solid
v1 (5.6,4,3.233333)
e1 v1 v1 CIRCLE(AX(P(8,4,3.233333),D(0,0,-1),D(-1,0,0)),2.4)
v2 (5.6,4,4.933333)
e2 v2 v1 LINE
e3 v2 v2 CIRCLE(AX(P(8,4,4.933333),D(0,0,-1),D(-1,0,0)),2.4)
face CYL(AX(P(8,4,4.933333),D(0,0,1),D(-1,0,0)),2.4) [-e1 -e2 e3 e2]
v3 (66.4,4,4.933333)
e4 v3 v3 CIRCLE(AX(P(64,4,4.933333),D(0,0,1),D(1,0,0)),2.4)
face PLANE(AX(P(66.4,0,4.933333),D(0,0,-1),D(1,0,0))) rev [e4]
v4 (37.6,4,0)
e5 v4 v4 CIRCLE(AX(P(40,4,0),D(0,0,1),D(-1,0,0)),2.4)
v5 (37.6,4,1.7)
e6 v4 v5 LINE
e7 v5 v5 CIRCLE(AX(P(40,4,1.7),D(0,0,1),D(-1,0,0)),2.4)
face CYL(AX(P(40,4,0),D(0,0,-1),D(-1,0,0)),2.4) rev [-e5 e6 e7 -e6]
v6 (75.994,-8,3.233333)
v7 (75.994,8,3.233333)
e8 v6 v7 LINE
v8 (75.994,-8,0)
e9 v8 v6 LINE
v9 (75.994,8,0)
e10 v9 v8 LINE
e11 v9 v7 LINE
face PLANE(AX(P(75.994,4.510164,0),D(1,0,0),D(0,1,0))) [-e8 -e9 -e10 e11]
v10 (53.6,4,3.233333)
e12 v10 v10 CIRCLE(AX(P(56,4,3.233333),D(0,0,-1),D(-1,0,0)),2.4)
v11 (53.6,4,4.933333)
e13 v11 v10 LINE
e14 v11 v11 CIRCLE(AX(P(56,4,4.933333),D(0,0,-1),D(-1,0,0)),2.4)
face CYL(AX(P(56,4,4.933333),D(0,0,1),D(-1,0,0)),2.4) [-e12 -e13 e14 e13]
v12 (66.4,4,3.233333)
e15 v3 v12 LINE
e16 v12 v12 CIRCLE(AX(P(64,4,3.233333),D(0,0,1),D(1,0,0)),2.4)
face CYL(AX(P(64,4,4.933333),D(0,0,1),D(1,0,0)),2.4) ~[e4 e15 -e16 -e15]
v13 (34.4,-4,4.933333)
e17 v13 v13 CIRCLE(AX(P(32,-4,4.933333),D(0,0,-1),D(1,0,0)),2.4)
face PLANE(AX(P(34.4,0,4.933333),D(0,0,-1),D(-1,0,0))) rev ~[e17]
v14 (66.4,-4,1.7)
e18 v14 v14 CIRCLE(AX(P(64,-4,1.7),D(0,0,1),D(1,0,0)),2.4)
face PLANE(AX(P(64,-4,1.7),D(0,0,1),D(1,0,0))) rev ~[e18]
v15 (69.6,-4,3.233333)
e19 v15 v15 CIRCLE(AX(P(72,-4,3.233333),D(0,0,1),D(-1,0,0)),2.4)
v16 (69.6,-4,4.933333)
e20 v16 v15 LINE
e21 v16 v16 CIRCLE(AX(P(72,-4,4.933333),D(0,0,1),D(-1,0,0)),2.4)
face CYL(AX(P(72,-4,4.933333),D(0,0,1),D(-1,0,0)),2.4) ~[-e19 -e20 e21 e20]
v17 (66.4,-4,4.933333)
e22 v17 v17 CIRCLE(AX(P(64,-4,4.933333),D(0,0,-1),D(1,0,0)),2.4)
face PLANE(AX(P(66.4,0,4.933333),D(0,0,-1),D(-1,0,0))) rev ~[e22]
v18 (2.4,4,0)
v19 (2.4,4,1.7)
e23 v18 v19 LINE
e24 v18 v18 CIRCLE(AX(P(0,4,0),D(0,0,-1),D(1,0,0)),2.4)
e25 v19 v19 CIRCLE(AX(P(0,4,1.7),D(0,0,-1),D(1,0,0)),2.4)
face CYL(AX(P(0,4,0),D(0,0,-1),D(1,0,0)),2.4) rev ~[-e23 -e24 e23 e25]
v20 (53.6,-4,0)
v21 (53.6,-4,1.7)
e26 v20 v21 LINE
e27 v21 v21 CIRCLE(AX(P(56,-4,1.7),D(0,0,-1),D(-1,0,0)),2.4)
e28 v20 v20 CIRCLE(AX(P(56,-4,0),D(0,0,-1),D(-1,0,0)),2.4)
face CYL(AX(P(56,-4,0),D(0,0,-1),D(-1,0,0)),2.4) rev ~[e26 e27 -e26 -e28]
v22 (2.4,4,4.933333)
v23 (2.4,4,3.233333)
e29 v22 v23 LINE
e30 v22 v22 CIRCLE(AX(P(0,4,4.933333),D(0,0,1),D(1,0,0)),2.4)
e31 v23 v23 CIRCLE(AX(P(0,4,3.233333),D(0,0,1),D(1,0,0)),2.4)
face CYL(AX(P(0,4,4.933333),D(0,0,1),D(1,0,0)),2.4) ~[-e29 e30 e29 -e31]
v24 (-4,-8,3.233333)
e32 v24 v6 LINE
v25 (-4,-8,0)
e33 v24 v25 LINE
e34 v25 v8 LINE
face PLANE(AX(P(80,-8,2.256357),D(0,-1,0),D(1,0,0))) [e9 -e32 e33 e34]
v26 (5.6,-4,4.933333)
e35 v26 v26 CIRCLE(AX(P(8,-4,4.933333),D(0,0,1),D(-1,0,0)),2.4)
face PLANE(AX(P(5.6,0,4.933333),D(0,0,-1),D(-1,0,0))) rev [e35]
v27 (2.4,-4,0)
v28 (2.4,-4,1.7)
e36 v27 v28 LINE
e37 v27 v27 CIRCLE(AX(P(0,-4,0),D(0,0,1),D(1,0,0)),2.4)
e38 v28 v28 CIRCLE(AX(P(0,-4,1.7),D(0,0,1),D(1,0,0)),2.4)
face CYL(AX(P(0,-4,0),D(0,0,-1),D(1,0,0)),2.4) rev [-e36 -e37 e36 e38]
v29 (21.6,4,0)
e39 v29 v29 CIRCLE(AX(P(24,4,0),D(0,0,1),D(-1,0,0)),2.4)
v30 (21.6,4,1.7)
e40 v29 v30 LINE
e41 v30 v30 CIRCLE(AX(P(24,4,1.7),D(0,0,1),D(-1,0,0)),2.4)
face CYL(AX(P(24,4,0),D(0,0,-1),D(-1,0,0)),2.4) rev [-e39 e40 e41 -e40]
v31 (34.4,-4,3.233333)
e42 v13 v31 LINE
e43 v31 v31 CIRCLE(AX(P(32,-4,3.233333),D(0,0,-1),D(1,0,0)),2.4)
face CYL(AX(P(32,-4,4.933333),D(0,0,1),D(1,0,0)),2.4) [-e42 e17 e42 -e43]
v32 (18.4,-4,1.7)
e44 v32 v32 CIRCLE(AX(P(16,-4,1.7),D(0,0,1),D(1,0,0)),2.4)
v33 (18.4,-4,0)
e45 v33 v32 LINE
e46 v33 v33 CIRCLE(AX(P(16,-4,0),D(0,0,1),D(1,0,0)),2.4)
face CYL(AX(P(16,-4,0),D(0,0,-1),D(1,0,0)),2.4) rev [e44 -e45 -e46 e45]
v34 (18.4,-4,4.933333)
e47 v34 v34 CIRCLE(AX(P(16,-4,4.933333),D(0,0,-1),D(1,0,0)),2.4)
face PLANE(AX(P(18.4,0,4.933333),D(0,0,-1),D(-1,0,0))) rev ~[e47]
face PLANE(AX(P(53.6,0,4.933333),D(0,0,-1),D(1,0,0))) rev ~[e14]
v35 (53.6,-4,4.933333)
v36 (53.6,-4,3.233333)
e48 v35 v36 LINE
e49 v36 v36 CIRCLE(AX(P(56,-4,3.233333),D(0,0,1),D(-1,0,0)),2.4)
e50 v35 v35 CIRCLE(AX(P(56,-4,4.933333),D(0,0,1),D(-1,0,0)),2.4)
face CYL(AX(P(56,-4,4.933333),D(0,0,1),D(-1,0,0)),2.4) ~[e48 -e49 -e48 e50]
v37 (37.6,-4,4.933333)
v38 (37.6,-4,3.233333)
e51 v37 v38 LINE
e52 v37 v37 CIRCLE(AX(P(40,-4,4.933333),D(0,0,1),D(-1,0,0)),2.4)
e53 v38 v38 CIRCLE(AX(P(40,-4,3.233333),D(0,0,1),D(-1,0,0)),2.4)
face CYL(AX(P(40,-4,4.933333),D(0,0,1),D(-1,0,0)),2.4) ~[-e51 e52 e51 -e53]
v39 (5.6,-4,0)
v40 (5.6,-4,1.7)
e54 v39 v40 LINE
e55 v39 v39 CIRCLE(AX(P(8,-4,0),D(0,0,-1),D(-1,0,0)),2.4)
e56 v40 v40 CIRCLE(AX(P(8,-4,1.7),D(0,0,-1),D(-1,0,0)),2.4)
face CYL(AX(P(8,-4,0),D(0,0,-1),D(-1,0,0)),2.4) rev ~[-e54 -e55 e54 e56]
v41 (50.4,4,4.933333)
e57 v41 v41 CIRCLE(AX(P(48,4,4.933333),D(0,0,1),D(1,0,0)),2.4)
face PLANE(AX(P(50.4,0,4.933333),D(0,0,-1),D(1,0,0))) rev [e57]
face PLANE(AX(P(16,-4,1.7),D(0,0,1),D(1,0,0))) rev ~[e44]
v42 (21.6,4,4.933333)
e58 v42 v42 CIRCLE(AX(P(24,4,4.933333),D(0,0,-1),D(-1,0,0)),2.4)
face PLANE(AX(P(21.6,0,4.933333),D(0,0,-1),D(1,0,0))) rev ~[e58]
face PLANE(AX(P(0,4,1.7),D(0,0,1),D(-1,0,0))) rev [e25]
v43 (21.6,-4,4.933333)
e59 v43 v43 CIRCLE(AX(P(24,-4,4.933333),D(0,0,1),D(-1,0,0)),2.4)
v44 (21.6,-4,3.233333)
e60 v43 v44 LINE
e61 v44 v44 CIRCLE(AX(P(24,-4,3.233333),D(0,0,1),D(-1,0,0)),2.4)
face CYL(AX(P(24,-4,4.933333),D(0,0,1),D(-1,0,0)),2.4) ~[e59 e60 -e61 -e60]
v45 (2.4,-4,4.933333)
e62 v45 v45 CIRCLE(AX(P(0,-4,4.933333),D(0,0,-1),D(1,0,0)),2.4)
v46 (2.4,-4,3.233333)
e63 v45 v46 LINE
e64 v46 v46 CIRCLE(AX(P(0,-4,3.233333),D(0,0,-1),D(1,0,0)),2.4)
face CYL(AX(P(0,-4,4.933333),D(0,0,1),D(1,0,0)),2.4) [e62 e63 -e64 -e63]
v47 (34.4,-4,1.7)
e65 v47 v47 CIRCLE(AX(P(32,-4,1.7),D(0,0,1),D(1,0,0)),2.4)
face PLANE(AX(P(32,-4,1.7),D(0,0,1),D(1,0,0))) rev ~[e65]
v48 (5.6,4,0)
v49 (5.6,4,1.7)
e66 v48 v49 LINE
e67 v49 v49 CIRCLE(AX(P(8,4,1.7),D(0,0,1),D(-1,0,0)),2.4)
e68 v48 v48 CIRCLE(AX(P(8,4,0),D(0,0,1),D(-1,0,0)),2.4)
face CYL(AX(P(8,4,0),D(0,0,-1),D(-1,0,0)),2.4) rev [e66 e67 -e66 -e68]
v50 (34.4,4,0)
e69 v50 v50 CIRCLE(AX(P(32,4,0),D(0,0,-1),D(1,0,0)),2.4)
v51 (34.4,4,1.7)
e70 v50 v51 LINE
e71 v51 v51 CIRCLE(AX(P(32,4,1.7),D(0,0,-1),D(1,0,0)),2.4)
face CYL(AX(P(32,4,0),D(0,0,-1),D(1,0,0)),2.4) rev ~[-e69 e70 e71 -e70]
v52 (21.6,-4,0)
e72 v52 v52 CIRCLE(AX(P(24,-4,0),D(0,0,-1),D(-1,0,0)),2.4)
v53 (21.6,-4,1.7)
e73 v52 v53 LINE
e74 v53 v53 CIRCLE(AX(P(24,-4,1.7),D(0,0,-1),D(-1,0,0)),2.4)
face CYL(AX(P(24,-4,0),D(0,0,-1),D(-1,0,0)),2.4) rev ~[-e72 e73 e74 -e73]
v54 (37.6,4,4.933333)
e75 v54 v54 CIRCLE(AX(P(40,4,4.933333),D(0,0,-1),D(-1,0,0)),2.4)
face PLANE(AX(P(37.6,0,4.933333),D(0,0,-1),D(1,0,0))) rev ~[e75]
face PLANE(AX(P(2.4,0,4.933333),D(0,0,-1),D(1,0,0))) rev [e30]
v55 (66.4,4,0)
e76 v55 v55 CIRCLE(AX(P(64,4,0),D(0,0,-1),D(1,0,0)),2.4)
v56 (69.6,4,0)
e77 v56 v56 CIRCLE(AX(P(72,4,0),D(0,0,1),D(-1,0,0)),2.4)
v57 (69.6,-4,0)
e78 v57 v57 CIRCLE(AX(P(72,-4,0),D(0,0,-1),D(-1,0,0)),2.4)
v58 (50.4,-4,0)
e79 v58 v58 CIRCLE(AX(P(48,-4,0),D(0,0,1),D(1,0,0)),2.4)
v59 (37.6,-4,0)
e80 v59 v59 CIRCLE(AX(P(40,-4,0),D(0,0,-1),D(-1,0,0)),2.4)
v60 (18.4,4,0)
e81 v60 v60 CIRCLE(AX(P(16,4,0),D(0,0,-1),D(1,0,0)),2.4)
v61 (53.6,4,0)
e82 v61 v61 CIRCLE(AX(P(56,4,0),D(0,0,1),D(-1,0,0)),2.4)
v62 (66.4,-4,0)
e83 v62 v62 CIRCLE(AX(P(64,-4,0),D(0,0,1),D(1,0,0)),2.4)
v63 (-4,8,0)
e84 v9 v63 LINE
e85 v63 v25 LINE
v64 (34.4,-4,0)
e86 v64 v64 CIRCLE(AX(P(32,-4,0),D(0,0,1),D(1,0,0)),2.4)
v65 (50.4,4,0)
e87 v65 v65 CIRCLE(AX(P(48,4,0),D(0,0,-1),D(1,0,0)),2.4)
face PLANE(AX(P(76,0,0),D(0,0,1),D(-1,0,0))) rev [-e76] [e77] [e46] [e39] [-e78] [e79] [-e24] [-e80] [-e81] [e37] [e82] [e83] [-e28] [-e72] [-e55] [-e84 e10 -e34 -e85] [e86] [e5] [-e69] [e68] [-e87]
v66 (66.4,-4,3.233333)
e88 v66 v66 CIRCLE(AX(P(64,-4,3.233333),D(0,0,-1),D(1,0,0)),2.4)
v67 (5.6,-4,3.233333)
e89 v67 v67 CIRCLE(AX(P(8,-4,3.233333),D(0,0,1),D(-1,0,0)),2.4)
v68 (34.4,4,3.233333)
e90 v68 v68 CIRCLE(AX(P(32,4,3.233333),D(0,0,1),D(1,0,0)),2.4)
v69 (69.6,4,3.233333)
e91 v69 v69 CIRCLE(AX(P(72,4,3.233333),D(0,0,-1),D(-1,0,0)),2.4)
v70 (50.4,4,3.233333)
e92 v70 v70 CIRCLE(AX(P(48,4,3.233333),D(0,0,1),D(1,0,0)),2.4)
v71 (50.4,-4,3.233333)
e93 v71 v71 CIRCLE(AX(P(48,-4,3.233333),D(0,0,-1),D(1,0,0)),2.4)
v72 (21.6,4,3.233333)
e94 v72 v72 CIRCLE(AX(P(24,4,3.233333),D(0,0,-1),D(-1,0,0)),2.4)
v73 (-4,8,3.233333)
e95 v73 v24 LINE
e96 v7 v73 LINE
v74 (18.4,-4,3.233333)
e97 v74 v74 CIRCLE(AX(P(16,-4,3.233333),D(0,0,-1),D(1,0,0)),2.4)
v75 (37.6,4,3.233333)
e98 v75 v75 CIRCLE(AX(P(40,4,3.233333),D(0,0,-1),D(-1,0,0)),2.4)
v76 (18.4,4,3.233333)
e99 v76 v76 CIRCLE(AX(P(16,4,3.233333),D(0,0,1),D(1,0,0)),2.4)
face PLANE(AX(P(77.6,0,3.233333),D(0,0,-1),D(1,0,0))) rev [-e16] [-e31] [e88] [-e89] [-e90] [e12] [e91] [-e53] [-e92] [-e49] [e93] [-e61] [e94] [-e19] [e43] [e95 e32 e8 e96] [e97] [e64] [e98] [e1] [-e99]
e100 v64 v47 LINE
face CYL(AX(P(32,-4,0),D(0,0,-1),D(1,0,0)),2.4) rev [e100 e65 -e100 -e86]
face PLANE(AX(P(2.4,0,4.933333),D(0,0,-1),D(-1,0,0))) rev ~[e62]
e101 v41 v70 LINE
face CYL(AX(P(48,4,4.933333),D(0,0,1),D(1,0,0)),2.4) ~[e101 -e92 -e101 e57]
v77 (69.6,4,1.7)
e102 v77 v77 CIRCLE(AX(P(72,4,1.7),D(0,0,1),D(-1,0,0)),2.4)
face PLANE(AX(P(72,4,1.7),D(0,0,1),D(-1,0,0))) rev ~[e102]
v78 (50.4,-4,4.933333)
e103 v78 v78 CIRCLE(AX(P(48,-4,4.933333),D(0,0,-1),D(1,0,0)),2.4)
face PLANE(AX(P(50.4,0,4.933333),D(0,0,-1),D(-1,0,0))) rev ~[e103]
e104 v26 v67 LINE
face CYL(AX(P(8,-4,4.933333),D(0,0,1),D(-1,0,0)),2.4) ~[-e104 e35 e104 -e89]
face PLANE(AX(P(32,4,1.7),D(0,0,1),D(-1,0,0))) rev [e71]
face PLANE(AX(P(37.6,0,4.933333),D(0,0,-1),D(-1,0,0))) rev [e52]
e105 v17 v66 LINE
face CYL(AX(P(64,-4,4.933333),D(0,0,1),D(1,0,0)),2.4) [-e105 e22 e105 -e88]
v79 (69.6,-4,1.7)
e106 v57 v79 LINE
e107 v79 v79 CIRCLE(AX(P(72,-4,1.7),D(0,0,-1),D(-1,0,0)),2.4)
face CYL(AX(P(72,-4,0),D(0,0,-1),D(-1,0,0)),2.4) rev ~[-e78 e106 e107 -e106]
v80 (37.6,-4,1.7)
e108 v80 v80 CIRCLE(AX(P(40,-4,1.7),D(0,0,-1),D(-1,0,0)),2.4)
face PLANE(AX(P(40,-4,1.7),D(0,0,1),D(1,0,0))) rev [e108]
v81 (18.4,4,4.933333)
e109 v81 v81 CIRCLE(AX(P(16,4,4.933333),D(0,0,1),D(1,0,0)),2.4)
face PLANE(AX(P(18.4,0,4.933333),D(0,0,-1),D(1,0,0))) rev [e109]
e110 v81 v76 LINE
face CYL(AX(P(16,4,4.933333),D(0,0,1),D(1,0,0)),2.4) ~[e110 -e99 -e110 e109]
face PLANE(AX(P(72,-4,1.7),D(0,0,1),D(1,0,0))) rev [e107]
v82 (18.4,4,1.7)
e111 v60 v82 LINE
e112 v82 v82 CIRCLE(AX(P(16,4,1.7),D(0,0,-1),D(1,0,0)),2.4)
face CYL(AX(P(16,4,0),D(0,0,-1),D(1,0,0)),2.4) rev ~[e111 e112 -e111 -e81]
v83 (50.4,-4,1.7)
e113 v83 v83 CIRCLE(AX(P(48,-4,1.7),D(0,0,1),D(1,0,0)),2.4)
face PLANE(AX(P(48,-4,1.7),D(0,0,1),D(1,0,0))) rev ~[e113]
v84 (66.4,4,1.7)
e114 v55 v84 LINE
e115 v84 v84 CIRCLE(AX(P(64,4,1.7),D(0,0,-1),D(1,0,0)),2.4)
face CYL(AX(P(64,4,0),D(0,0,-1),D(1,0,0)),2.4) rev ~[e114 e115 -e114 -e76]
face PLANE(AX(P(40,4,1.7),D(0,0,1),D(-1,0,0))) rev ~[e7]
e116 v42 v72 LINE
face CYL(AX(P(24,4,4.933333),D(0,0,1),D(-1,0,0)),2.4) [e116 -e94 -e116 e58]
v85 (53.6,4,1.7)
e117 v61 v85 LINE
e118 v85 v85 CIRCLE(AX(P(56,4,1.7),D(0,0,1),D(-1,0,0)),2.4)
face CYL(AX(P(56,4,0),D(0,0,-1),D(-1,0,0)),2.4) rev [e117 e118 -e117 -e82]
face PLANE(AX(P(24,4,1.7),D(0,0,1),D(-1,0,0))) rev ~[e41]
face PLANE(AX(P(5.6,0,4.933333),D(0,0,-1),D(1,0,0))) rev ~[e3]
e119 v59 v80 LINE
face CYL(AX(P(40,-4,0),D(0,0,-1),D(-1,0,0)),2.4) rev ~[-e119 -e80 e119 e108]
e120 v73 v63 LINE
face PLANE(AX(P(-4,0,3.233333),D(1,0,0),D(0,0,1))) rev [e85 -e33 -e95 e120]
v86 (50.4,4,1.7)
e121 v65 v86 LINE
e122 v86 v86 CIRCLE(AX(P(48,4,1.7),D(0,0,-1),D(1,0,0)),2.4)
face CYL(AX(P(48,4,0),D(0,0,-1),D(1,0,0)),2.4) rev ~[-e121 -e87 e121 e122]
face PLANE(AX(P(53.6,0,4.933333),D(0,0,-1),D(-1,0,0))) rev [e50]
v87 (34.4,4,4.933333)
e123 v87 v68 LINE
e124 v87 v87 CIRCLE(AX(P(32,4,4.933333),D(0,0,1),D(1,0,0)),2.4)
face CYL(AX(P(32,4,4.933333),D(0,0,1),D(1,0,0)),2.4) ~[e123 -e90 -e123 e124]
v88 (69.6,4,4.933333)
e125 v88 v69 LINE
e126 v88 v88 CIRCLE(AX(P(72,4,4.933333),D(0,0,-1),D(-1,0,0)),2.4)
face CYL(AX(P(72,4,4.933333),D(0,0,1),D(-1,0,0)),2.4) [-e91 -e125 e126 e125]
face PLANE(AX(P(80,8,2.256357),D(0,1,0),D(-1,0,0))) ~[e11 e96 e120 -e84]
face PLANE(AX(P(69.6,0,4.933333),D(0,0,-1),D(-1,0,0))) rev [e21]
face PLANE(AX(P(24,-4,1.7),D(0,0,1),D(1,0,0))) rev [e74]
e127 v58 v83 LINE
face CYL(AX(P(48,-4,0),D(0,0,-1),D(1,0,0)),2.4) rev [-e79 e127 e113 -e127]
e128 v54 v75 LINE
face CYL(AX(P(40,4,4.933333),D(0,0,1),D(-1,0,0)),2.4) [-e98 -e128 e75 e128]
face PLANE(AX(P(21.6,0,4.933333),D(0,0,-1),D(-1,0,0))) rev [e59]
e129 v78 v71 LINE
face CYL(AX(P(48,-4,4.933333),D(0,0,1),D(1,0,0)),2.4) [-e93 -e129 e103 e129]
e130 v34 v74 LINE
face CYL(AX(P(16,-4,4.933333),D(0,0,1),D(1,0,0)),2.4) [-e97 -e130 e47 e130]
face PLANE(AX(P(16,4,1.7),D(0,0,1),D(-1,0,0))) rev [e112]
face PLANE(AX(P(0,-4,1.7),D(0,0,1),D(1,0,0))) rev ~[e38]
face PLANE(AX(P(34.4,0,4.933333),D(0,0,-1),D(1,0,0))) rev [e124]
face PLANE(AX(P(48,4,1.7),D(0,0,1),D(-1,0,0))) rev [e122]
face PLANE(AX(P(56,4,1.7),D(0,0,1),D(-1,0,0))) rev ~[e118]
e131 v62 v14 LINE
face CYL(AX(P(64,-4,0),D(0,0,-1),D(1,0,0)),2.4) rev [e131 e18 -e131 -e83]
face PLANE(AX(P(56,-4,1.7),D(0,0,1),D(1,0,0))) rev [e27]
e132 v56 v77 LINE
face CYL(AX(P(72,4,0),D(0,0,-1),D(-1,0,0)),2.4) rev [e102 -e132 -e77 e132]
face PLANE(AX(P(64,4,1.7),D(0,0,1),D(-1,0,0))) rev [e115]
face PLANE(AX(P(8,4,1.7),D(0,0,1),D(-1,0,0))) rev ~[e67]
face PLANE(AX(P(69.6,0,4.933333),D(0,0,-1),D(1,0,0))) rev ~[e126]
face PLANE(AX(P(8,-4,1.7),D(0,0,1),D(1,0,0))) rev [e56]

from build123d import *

# Parameters (mm, degrees)
F1_DEPTH  = 8
F3_W      = 8
F3_H      = 8
F3_R      = 2.4
F4_DEPTH  = 1.7
F5_R      = 2.4
F6_DEPTH  = 1.7
F14_W     = 25.3485813737
F14_H     = 15.2238979936
F15_DEPTH = 48.006


with BuildPart() as f1:
    # F0 (on Front) → F1 (new body)
    with BuildSketch(Plane.XZ):
        Polygon((-2.4, 3.2333333013), (-4, 3.2333333013), (-4, 0), (4, 0), (4, 3.2333333013), (2.4, 3.2333333013), (2.4, 4.9333333013), (-2.4, 4.9333333013), align=None)
    extrude(amount=F1_DEPTH)

    # F3 (on plane+point) → F4 (cut, through all)
    with BuildSketch(Plane.XY.offset(4.9333333013)):
        with Locations((0, -4)):
            Rectangle(F3_W, F3_H)
        with Locations((0, -4)):
            Circle(F3_R, mode=Mode.SUBTRACT)
    extrude(amount=-F4_DEPTH, mode=Mode.SUBTRACT)

    # F5 (on Top) → F6 (cut)
    with BuildSketch(Plane.XY):
        with Locations((0, -4)):
            Circle(F5_R)
    extrude(amount=F6_DEPTH, mode=Mode.SUBTRACT)

    # F8: F1 across plane


with BuildPart() as f1_1:
    add(f1.part)
    add(f1.part.mirror(Plane.YZ.offset(4)))

    # F9: F1 across plane


with BuildPart() as f1_2:
    add(f1_1.part)
    add(f1_1.part.mirror(Plane.XZ))

    # F11: F1 across plane


with BuildPart() as f1_3:
    add(f1_2.part)
    add(f1_2.part.mirror(Plane.YZ.offset(12)))

    # F12: F1 across face


with BuildPart() as f1_4:
    add(f1_3.part)
    add(f1_3.part.mirror(Plane(origin=(28, 0, 1.6166666507), x_dir=(0, 1, 0), z_dir=(1, 0, 0))))

    # F13: F1 across face


with BuildPart() as f1_5:
    add(f1_4.part)
    add(f1_4.part.mirror(Plane(origin=(60, 0, 1.6166666507), x_dir=(0, 1, 0), z_dir=(1, 0, 0))))

    # F14 (on face) → F15 (cut)
    with BuildSketch(Plane.YZ.offset(124)):
        with Locations((4.5101642609, 0)):
            Rectangle(F14_W, F14_H)
    extrude(amount=-F15_DEPTH, mode=Mode.SUBTRACT)


solid = f1_5.part
